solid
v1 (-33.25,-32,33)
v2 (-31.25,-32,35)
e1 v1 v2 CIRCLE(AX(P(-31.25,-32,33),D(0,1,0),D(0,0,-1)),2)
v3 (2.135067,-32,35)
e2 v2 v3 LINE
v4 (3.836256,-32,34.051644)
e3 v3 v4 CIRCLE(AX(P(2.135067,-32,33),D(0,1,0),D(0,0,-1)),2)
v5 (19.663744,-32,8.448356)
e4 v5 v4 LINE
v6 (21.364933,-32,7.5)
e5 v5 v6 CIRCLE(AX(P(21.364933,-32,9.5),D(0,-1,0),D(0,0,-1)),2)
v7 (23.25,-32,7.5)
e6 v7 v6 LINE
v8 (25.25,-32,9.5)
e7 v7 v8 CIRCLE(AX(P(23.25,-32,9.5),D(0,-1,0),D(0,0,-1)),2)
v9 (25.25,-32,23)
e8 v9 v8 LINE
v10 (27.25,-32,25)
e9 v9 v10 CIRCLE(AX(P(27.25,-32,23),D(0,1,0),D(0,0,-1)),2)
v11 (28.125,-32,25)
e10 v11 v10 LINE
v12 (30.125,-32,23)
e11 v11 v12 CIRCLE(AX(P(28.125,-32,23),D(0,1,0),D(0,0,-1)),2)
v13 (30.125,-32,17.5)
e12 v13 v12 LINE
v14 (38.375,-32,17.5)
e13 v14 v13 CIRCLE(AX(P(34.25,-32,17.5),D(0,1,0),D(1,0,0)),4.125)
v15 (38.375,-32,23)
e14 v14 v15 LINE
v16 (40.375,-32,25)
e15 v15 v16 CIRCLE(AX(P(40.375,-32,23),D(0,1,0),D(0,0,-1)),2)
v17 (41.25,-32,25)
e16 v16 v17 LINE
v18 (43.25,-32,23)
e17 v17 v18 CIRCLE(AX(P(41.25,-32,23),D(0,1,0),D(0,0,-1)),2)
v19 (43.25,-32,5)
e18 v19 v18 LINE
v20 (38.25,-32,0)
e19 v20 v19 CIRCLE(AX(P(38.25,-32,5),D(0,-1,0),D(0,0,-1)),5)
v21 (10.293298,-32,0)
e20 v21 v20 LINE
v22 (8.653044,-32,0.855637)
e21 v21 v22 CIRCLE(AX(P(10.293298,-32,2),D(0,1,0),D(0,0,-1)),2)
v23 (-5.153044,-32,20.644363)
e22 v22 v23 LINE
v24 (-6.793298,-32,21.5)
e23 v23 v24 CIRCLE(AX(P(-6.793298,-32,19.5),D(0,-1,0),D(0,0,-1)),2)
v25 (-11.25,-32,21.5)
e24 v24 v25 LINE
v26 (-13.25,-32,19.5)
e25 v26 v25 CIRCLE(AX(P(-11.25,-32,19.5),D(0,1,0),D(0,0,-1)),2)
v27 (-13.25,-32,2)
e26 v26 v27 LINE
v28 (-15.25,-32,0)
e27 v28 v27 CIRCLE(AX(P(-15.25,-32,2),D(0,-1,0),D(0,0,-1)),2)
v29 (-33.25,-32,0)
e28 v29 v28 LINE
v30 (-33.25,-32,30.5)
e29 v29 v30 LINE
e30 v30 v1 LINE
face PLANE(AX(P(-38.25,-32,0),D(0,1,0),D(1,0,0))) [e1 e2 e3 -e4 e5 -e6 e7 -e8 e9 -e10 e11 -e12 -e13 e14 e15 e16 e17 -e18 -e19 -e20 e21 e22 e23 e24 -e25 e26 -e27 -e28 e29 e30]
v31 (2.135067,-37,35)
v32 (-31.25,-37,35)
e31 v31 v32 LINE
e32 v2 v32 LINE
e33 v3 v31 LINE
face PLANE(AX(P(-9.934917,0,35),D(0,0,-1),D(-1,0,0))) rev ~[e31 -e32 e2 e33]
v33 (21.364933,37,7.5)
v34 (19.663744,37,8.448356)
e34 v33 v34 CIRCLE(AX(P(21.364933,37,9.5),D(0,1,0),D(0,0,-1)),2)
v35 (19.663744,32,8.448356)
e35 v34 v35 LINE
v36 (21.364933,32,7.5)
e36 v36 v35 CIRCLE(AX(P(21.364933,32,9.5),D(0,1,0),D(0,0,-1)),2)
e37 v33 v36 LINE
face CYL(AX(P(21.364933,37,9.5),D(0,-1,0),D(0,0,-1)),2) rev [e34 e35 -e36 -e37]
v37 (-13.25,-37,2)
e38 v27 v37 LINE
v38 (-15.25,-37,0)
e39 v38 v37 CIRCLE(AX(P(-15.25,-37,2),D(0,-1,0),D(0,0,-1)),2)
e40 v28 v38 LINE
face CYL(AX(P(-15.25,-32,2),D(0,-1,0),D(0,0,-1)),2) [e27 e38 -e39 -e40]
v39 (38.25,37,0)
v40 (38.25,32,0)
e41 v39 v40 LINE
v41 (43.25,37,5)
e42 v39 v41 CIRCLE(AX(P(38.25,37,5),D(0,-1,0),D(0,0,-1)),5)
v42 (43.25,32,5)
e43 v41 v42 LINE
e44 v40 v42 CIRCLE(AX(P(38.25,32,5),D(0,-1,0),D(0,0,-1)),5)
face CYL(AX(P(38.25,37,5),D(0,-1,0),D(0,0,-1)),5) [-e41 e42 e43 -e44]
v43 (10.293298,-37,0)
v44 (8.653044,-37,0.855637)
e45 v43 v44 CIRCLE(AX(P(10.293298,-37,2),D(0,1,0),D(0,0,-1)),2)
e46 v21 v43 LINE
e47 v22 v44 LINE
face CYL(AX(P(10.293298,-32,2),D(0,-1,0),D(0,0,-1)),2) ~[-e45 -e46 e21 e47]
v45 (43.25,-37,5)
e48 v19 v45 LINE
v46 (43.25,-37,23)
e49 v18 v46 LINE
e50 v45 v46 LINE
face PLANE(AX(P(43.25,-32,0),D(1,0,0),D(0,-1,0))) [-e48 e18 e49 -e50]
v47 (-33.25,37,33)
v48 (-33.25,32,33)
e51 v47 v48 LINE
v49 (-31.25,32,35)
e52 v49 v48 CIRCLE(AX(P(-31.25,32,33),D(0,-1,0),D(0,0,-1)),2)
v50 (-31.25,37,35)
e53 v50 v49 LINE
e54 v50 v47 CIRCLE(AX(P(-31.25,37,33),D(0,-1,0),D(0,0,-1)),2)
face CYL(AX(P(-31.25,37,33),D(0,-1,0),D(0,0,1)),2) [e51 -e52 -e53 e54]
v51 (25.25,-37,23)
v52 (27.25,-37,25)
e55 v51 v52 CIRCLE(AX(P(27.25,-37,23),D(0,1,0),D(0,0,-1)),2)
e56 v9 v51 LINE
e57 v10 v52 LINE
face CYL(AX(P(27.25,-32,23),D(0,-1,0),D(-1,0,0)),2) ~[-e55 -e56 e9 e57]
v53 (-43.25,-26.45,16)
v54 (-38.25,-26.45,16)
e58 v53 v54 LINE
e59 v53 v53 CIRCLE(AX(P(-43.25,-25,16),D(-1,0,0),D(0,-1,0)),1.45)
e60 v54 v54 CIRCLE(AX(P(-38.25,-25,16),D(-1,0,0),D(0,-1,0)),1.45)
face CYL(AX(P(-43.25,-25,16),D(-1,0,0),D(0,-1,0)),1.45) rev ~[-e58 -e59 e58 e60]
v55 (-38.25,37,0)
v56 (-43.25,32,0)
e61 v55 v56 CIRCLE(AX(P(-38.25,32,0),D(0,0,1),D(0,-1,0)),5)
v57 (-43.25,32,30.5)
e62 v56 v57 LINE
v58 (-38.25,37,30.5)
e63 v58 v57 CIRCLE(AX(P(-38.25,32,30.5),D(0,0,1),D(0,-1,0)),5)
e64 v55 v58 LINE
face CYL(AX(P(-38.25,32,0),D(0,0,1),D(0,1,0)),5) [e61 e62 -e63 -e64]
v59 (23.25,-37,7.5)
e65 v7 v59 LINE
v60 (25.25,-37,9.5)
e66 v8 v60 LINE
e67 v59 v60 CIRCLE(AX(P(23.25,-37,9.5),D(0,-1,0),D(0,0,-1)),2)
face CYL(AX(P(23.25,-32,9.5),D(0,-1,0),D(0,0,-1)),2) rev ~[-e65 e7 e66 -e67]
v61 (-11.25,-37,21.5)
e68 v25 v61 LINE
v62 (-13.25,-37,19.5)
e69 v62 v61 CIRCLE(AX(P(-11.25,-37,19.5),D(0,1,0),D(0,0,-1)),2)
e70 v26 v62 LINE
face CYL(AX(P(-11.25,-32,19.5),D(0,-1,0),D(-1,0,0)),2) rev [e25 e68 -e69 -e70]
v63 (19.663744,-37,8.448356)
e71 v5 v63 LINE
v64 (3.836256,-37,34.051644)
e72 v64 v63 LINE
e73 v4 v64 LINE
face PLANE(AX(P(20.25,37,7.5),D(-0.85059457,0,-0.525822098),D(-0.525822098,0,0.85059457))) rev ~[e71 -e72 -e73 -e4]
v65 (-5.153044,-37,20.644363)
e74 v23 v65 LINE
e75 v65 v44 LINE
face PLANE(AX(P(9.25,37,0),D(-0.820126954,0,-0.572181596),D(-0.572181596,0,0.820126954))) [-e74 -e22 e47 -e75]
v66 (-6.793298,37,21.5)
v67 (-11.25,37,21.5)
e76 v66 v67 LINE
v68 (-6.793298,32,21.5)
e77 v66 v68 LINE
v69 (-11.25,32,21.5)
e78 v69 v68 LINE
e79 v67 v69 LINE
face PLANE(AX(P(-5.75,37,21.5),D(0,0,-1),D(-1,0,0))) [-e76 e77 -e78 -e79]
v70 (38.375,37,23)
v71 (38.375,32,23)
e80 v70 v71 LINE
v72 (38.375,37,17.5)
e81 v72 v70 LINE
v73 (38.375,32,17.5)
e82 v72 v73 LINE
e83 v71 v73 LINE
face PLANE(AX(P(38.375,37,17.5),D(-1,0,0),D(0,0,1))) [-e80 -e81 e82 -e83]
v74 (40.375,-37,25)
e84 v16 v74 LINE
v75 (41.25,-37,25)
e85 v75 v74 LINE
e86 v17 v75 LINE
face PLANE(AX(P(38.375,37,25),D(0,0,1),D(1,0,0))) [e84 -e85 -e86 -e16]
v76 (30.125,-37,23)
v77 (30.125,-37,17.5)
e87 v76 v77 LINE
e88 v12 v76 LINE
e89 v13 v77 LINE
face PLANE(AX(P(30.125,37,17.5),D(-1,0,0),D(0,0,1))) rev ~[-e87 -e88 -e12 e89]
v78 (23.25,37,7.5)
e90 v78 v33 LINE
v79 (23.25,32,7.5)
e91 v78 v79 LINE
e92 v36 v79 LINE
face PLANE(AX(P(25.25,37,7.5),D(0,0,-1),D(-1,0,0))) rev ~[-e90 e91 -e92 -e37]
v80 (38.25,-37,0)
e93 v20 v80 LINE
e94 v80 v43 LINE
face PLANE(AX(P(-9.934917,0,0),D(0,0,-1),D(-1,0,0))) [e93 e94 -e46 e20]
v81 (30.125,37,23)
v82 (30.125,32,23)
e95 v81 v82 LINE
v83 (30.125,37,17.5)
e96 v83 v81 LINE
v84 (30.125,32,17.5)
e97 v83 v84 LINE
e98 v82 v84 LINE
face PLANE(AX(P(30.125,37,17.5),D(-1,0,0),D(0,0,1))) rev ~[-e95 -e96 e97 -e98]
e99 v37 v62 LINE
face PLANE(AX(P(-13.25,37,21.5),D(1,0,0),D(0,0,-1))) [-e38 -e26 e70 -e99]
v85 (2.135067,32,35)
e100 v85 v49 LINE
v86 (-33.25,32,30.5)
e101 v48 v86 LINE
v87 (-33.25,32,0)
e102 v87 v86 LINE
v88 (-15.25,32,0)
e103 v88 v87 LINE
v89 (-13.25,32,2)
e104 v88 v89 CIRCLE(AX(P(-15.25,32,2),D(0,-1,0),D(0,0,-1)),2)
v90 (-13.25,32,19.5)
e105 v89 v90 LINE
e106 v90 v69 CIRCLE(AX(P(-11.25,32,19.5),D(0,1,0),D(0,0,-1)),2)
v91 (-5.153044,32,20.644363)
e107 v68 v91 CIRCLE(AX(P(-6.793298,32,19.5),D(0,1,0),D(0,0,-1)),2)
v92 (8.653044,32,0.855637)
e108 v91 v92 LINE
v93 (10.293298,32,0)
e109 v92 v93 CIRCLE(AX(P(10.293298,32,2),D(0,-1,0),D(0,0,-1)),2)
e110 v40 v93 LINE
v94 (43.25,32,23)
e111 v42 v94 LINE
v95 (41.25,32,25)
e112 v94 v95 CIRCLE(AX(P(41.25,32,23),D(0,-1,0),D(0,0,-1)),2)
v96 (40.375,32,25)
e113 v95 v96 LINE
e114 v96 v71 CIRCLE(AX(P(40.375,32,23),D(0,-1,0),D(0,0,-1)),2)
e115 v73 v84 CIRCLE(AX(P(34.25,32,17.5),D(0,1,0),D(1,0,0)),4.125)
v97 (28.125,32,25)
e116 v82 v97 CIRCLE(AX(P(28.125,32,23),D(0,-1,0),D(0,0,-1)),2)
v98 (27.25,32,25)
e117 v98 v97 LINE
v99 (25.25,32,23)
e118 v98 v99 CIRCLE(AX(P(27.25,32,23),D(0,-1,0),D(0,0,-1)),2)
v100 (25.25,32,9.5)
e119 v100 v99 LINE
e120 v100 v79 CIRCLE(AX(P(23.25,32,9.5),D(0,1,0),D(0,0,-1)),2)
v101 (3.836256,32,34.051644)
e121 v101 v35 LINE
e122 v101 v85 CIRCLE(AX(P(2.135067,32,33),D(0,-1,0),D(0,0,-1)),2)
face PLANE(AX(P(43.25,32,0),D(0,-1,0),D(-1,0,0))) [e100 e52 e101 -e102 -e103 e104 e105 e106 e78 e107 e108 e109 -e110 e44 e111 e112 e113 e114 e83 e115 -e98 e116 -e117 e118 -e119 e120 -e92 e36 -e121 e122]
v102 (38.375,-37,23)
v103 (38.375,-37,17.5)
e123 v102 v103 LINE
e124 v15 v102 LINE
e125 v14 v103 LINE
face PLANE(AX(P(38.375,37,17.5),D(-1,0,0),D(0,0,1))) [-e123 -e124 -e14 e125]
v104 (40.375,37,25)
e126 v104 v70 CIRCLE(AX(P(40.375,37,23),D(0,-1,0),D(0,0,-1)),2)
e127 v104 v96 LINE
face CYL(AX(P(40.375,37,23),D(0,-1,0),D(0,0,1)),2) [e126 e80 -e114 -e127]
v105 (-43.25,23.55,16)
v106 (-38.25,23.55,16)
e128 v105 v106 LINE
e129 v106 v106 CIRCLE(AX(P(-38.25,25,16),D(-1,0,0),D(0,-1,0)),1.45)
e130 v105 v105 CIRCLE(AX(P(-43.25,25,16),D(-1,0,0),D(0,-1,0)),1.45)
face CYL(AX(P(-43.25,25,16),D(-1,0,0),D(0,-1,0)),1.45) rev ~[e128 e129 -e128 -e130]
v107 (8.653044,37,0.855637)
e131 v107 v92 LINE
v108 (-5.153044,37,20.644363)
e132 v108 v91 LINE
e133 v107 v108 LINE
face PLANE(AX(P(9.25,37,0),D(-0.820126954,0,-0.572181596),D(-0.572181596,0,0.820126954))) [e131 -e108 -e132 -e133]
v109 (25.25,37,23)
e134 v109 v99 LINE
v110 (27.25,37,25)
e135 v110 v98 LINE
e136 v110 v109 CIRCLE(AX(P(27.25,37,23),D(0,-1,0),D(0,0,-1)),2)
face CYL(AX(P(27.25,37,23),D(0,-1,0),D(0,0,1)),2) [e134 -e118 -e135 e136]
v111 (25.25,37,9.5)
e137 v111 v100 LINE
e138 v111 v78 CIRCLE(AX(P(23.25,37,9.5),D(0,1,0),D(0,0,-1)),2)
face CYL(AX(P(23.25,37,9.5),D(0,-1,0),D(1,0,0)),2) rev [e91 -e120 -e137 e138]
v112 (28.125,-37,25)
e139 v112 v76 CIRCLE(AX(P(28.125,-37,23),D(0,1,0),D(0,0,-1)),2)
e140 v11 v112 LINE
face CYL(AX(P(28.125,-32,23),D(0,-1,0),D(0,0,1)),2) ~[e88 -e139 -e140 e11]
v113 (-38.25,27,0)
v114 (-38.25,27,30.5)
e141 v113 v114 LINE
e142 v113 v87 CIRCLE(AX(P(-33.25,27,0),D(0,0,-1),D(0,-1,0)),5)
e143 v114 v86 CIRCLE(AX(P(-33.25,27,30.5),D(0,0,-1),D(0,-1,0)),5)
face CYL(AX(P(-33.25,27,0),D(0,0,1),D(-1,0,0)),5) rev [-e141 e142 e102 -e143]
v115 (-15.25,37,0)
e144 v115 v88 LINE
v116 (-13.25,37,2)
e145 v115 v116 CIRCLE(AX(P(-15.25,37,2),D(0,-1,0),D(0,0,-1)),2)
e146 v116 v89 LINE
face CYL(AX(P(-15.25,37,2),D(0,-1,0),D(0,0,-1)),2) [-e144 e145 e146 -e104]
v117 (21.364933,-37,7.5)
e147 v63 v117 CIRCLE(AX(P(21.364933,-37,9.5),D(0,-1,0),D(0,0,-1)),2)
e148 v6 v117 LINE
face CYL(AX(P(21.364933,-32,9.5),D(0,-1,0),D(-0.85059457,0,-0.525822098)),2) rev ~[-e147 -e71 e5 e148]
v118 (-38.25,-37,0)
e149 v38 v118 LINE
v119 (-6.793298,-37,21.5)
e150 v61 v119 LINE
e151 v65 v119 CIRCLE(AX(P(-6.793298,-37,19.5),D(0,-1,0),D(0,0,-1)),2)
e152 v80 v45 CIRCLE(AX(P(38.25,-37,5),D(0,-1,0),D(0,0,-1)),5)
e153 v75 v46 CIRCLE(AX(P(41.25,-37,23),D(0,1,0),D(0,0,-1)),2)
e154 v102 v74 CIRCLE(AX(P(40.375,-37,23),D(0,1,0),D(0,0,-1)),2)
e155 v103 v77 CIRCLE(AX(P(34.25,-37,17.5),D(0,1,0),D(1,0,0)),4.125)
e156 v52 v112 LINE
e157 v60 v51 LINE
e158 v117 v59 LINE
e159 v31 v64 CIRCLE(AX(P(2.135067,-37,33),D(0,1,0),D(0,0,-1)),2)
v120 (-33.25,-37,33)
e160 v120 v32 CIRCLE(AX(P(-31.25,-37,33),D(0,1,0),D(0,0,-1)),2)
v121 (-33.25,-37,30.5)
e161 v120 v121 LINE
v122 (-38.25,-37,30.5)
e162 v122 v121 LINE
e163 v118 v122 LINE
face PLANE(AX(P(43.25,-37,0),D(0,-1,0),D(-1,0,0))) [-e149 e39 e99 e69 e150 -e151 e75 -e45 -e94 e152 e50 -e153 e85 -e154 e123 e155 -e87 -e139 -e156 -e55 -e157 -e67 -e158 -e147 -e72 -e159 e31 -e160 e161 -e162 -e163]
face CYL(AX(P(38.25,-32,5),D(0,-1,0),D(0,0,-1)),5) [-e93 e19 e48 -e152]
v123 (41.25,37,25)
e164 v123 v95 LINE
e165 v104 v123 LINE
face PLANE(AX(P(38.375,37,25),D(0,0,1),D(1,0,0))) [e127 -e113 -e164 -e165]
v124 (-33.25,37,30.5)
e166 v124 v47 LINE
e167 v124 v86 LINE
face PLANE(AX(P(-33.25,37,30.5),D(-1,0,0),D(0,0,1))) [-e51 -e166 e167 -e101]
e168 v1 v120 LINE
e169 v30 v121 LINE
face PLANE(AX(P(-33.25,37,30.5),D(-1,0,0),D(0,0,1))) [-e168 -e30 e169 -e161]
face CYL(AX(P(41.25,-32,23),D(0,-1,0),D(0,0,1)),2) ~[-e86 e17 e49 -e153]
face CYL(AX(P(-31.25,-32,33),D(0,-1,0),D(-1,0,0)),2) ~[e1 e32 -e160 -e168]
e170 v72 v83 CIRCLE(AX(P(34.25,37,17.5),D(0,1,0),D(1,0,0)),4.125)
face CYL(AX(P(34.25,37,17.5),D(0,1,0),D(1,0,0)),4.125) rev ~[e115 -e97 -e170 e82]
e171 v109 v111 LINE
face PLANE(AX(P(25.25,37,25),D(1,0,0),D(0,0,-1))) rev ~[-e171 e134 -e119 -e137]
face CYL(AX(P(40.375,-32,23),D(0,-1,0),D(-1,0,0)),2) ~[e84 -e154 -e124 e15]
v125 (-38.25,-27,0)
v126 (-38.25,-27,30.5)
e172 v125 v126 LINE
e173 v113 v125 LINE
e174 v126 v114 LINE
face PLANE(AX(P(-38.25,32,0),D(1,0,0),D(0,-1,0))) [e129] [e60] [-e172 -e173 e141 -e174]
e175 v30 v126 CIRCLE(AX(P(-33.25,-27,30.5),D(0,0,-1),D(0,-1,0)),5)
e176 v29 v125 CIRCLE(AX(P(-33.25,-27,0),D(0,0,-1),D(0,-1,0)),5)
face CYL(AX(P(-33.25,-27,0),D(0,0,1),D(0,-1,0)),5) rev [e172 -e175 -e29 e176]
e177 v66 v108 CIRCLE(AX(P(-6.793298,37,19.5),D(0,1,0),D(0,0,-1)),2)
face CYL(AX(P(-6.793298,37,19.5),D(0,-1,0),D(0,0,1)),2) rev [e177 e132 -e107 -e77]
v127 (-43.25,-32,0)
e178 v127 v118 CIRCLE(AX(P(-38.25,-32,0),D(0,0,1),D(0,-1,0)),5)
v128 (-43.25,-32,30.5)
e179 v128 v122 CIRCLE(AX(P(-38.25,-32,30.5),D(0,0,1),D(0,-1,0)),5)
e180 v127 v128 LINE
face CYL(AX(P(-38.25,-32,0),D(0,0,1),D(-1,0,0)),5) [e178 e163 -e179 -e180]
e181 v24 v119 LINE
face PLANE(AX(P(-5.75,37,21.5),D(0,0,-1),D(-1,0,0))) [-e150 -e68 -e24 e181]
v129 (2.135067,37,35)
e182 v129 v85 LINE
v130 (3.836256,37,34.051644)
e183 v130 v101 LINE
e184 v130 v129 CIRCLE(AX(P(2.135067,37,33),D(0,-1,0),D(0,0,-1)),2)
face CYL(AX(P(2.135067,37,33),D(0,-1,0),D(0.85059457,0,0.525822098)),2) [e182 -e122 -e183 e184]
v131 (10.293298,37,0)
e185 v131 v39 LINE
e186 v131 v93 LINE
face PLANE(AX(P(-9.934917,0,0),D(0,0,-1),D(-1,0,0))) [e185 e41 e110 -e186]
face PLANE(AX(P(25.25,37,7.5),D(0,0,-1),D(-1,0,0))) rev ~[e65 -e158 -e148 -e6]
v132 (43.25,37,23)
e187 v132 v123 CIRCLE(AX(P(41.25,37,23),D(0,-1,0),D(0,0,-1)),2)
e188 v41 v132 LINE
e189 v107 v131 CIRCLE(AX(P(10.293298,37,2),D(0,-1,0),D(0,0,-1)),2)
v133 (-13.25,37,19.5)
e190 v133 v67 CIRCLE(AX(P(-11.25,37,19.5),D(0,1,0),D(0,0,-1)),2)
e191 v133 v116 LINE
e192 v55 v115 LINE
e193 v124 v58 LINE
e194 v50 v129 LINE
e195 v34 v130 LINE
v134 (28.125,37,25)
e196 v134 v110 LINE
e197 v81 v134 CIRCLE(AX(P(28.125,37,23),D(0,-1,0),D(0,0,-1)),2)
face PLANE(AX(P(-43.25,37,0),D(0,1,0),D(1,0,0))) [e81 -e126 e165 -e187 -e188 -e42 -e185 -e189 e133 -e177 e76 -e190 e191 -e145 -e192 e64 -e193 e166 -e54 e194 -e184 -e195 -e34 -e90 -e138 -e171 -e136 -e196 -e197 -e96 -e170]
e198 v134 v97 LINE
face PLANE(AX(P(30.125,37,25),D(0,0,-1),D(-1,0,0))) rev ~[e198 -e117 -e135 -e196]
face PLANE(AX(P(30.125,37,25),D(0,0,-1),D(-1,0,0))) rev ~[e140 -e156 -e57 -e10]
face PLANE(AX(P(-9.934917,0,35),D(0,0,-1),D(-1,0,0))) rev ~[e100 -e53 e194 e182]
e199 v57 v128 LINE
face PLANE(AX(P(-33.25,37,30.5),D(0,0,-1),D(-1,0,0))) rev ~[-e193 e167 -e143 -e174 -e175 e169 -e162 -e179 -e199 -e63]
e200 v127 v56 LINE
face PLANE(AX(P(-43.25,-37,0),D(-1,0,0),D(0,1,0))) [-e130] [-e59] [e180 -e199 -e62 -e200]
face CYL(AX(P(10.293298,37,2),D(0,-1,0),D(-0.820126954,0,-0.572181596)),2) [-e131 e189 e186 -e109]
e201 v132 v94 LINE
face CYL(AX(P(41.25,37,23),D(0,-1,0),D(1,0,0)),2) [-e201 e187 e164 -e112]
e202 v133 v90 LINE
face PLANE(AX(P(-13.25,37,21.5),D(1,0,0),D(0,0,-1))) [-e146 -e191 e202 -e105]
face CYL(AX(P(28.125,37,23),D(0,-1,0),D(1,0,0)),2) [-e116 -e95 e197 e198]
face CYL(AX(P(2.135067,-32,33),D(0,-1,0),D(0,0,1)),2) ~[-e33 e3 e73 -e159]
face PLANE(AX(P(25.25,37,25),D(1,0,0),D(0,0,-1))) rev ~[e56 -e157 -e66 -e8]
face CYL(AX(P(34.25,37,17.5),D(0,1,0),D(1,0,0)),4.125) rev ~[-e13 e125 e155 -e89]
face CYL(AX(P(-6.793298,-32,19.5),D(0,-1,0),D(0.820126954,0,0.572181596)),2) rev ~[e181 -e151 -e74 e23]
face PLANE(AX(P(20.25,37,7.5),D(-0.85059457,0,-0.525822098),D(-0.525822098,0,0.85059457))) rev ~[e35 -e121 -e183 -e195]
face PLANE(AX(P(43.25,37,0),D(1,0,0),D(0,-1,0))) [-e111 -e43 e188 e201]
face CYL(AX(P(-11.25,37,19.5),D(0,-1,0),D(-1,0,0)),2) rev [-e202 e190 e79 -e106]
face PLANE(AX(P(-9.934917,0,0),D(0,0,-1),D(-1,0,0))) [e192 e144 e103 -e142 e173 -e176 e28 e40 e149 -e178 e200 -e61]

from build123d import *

# Parameters (mm, degrees)
PAD_DEPTH       = 35
SKETCH001_W     = 10
SKETCH001_H     = 4.5
POCKET_DEPTH    = 74.001
FILLET_R        = 2
FILLET001_R     = 5
SKETCH002_R     = 1.45
POCKET001_DEPTH = 5


with BuildPart() as part:
    # Sketch → Pad (new body)
    with BuildSketch(Plane.XY):
        Polygon((-43.25, 37), (43.25, 37), (43.25, 32), (-38.25, 32), (-38.25, -32), (43.25, -32), (43.25, -37), (-43.25, -37), align=None)
    extrude(amount=PAD_DEPTH)

    # Sketch001 → Pocket (cut, through all)
    with BuildSketch(Plane(origin=(0, 37, 0), x_dir=(-1, 0, 0), z_dir=(0, 1, 0))):
        with BuildLine():
            ThreePointArc((-38.375, 17.5), (-34.25, 13.375), (-30.125, 17.5))
            Line((-30.125, 17.5), (-30.125, 25))
            Line((-30.125, 25), (-25.25, 25))
            Line((-25.25, 25), (-25.25, 7.5))
            Line((-25.25, 7.5), (-20.25, 7.5))
            Line((-20.25, 7.5), (-3.25, 35))
            Line((-43.25, 35), (-3.25, 35))
            Line((-43.25, 25), (-43.25, 35))
            Line((-38.375, 25), (-43.25, 25))
            Line((-38.375, 17.5), (-38.375, 25))
        make_face()
        with Locations((38.25, 32.75)):
            Rectangle(SKETCH001_W, SKETCH001_H)
        Polygon((5.75, 21.5), (13.25, 21.5), (13.25, 0), (-9.25, 0), align=None)
    extrude(amount=-POCKET_DEPTH, mode=Mode.SUBTRACT)

    # Fillet
    fillet_edges = [part.edges().sort_by_distance(p)[0] for p in [
        (43.25, 34.5, 25),
        (38.375, 34.5, 25),
        (30.125, 34.5, 25),
        (25.25, 34.5, 25),
        (43.25, -34.5, 25),
        (38.375, -34.5, 25),
        (30.125, -34.5, 25),
        (25.25, -34.5, 25),
        (3.25, -34.5, 35),
        (-33.25, -34.5, 35),
        (-33.25, 34.5, 35),
        (3.25, 34.5, 35),
        (20.25, -34.5, 7.5),
        (20.25, 34.5, 7.5),
        (25.25, -34.5, 7.5),
        (25.25, 34.5, 7.5),
        (9.25, 34.5, 0),
        (9.25, -34.5, 0),
        (-5.75, -34.5, 21.5),
        (-5.75, 34.5, 21.5),
        (-13.25, 34.5, 0),
        (-13.25, -34.5, 0),
        (-13.25, 34.5, 21.5),
        (-13.25, -34.5, 21.5),
    ]]
    fillet(fillet_edges, radius=FILLET_R)

    # Fillet001
    fillet001_edges = [part.edges().sort_by_distance(p)[0] for p in [
        (43.25, 34.5, 0),
        (43.25, -34.5, 0),
        (-38.25, -32, 15.25),
        (-43.25, 37, 15.25),
        (-38.25, 32, 15.25),
        (-43.25, -37, 15.25),
    ]]
    fillet(fillet001_edges, radius=FILLET001_R)

    # Sketch002 → Pocket001 (cut)
    with BuildSketch(Plane(origin=(-43.25, 0, 0), x_dir=(0, -1, 0), z_dir=(-1, 0, 0))):
        with Locations((-25, 16)):
            Circle(SKETCH002_R)
        with Locations((25, 16)):
            Circle(SKETCH002_R)
    extrude(amount=-POCKET001_DEPTH, mode=Mode.SUBTRACT)


solid = part.part
